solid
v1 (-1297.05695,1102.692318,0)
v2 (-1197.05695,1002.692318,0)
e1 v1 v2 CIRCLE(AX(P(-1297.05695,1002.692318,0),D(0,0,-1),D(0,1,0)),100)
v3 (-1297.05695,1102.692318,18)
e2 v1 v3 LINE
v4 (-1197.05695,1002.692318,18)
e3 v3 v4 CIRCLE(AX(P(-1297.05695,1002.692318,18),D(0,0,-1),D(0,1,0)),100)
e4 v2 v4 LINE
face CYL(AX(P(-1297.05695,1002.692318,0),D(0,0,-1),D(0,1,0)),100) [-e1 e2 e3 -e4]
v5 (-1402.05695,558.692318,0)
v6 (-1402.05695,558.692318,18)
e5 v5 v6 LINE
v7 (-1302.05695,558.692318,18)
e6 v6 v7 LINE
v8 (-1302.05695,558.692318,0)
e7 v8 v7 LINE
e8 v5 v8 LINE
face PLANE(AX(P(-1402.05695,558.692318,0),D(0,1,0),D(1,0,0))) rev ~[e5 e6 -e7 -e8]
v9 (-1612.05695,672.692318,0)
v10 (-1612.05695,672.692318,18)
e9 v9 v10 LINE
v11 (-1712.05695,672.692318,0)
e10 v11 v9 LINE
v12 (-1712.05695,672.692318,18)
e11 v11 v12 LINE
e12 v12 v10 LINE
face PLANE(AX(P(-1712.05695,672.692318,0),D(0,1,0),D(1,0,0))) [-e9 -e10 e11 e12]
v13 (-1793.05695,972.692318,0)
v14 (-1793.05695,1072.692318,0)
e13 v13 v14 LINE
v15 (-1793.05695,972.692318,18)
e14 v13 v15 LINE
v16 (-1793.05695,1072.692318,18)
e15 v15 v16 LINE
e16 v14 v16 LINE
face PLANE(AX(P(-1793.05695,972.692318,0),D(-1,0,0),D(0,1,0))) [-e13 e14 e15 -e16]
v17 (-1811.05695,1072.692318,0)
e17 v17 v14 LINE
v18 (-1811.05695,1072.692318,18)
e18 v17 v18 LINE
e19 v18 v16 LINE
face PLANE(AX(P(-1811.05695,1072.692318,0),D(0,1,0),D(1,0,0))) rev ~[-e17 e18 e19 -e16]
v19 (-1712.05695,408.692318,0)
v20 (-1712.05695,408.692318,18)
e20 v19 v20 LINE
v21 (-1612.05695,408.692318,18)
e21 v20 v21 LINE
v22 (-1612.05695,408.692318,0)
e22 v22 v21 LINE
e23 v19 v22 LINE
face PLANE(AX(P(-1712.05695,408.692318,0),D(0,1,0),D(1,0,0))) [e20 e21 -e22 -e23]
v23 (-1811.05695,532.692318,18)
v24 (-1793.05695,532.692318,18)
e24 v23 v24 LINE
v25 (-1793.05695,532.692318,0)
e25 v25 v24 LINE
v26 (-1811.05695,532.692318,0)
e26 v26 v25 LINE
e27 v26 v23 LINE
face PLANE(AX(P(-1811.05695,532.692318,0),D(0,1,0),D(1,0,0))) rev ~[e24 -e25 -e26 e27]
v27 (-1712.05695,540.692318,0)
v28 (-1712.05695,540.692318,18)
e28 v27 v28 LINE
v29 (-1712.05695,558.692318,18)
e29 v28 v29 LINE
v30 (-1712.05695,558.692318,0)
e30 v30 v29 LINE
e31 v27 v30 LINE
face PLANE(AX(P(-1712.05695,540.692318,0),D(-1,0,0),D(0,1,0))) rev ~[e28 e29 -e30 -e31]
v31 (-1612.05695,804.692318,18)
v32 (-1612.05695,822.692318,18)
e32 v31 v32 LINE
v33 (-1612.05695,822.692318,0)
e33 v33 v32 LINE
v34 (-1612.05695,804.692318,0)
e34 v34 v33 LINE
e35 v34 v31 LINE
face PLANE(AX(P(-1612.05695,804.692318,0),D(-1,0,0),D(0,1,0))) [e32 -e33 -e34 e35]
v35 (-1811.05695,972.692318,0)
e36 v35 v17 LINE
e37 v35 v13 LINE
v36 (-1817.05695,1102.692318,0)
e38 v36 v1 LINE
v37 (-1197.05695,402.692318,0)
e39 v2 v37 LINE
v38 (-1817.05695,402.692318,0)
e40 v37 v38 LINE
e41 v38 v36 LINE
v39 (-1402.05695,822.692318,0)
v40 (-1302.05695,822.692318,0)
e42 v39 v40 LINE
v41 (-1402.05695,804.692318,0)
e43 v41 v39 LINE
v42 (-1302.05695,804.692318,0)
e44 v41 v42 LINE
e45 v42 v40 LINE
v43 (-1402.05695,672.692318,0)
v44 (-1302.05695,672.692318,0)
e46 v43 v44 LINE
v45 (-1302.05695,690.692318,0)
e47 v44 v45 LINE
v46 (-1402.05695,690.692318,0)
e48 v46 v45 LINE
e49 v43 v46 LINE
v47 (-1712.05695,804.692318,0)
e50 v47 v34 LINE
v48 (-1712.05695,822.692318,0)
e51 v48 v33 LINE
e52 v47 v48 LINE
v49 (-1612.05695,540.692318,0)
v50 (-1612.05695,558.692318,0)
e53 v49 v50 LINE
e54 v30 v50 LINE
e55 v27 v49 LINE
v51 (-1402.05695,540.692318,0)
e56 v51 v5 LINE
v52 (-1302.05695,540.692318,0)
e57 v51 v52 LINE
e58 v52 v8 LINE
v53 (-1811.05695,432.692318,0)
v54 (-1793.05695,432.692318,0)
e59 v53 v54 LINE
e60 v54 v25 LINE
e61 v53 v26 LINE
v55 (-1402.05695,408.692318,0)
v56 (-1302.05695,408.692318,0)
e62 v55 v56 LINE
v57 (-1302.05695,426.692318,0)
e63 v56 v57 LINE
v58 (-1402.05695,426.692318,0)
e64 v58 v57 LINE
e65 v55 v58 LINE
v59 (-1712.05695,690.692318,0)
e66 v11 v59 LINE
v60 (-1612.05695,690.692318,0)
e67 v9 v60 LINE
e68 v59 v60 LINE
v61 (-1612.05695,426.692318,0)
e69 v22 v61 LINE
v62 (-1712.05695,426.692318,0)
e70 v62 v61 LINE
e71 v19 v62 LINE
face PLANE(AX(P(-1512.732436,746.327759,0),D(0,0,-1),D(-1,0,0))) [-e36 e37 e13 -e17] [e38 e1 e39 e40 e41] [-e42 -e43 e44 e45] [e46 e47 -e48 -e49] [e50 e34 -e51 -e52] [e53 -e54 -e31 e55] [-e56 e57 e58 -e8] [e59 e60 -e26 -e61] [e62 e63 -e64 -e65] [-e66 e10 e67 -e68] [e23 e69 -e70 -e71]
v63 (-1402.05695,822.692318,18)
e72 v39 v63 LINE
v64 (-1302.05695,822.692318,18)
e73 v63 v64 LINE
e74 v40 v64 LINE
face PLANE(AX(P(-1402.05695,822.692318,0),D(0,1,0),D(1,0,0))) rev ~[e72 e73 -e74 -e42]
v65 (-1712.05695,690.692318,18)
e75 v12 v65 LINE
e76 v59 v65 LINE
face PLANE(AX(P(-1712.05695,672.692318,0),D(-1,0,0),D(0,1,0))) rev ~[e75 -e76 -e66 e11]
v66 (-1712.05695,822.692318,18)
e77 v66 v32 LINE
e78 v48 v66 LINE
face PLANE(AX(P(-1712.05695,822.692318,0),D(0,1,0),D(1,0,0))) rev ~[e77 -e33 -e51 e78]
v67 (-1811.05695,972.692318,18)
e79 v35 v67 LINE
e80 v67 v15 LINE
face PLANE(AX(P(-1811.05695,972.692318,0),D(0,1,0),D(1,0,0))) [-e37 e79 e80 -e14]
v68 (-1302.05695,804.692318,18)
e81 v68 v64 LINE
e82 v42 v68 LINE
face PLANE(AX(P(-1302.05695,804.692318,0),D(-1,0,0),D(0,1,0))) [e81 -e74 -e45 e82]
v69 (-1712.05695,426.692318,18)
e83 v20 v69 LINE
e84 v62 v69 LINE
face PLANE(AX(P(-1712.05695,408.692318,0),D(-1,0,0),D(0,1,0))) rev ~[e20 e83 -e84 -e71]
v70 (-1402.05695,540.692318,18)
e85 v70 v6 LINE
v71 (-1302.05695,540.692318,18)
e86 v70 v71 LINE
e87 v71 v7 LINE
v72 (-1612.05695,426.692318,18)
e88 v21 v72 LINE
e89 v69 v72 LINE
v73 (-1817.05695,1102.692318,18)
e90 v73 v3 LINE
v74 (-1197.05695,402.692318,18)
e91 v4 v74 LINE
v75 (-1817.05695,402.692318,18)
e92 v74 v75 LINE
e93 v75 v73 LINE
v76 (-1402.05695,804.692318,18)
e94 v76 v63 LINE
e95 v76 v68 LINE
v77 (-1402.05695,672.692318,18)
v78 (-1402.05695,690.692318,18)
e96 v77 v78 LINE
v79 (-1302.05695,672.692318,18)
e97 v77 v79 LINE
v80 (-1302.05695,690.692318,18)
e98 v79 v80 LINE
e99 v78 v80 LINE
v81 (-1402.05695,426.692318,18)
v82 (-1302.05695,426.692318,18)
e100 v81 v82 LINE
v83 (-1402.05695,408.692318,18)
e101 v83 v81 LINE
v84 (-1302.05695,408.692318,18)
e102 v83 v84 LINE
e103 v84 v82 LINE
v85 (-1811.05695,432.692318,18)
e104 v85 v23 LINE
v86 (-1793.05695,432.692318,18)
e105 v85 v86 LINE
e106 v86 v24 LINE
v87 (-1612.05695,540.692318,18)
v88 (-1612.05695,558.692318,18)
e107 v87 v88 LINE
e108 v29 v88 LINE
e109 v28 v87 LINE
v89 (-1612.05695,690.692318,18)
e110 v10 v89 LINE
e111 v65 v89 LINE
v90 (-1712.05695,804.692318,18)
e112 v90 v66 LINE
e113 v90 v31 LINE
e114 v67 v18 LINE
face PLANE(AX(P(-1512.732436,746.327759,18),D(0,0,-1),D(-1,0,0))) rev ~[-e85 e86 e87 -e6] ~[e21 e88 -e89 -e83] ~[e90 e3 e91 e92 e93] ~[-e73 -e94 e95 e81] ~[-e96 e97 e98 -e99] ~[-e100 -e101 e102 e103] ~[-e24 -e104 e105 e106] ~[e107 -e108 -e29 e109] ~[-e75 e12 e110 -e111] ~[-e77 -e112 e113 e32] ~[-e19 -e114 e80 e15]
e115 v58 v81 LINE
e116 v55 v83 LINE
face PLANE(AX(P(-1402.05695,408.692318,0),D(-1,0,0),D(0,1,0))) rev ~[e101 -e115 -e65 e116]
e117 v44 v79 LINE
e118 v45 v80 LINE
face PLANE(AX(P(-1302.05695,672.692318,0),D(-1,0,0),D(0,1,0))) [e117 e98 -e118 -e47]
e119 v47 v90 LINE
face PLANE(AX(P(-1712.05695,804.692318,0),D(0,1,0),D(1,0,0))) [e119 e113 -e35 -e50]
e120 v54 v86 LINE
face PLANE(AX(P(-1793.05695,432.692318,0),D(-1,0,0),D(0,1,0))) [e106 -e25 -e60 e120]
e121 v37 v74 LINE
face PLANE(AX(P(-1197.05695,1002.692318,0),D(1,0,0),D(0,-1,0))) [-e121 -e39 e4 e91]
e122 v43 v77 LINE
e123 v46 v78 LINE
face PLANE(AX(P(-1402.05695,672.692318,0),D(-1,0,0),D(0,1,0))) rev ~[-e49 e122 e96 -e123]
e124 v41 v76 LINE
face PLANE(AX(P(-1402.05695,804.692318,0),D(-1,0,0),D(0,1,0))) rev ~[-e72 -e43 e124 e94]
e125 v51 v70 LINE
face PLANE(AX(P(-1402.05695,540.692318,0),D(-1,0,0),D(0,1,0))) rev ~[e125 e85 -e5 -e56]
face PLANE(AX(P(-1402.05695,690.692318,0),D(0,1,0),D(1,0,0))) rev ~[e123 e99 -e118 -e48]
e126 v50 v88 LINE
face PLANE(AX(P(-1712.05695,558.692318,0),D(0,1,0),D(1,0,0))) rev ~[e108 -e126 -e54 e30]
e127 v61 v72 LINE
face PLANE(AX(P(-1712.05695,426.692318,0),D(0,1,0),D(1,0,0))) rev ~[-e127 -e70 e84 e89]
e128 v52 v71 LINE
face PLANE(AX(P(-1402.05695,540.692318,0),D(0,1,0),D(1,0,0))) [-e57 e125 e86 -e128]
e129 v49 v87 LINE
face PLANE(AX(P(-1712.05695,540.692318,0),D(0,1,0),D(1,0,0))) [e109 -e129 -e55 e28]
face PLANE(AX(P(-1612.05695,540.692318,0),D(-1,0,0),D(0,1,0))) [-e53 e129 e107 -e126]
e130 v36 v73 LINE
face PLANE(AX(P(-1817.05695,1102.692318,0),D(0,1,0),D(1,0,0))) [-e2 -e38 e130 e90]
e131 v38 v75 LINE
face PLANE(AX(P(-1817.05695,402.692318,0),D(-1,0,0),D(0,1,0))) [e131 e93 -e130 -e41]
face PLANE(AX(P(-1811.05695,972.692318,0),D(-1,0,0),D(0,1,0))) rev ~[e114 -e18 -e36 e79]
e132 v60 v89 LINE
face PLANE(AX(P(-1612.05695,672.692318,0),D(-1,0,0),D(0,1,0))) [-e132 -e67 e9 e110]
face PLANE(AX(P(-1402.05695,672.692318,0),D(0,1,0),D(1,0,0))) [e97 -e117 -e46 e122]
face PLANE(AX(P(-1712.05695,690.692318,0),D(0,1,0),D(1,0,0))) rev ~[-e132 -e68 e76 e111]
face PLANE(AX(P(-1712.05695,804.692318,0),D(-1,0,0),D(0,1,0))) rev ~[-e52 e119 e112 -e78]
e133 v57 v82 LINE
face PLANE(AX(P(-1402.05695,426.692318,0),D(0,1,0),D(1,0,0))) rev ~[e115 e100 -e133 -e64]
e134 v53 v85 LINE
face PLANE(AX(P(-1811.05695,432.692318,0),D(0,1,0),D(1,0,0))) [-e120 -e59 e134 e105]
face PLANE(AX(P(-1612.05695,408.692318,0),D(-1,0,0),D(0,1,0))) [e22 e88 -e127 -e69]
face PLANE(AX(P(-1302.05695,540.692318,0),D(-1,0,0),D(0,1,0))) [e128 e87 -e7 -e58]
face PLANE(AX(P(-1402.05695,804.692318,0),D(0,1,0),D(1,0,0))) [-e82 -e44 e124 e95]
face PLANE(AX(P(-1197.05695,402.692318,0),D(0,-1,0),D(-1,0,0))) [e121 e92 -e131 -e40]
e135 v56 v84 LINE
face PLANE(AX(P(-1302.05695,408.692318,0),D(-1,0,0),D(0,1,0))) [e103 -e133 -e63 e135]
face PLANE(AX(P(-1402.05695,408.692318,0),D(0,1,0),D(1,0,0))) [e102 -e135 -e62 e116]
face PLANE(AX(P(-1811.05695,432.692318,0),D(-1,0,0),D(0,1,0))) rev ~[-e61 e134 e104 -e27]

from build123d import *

# Parameters (mm, degrees)
SKETCH1_W           = 18
SKETCH1_H           = 100
SKETCH1_W_2         = 100
SKETCH1_H_2         = 18
BOSS_EXTRUDE2_DEPTH = 18


with BuildPart() as part:
    # Sketch1 → Boss-Extrude2 (new body)
    with BuildSketch(Plane.XY):
        with BuildLine():
            Line((-1197.056949538, 402.692318001), (-1817.056949538, 402.692318001))
            Line((-1817.056949538, 402.692318001), (-1817.056949538, 1102.692318001))
            Line((-1817.056949538, 1102.692318001), (-1297.056949538, 1102.692318001))
            ThreePointArc((-1297.056949538, 1102.692318001), (-1226.346271419, 1073.402996119), (-1197.056949538, 1002.692318001))
            Line((-1197.056949538, 1002.692318001), (-1197.056949538, 402.692318001))
        make_face()
        with Locations((-1802.056949538, 1022.692318001)):
            Rectangle(SKETCH1_W, SKETCH1_H, mode=Mode.SUBTRACT)
        with Locations((-1802.056949538, 482.692318001)):
            Rectangle(SKETCH1_W, SKETCH1_H, mode=Mode.SUBTRACT)
        with Locations((-1352.056949538, 417.692318001)):
            Rectangle(SKETCH1_W_2, SKETCH1_H_2, mode=Mode.SUBTRACT)
        with Locations((-1662.056949538, 417.692318001)):
            Rectangle(SKETCH1_W_2, SKETCH1_H_2, mode=Mode.SUBTRACT)
        with Locations((-1662.056949538, 549.692318001)):
            Rectangle(SKETCH1_W_2, SKETCH1_H_2, mode=Mode.SUBTRACT)
        with Locations((-1352.056949538, 549.692318001)):
            Rectangle(SKETCH1_W_2, SKETCH1_H_2, mode=Mode.SUBTRACT)
        with Locations((-1662.056949538, 681.692318001)):
            Rectangle(SKETCH1_W_2, SKETCH1_H_2, mode=Mode.SUBTRACT)
        with Locations((-1352.056949538, 681.692318001)):
            Rectangle(SKETCH1_W_2, SKETCH1_H_2, mode=Mode.SUBTRACT)
        with Locations((-1662.056949538, 813.692318001)):
            Rectangle(SKETCH1_W_2, SKETCH1_H_2, mode=Mode.SUBTRACT)
        with Locations((-1352.056949538, 813.692318001)):
            Rectangle(SKETCH1_W_2, SKETCH1_H_2, mode=Mode.SUBTRACT)
    extrude(amount=BOSS_EXTRUDE2_DEPTH)


solid = part.part
